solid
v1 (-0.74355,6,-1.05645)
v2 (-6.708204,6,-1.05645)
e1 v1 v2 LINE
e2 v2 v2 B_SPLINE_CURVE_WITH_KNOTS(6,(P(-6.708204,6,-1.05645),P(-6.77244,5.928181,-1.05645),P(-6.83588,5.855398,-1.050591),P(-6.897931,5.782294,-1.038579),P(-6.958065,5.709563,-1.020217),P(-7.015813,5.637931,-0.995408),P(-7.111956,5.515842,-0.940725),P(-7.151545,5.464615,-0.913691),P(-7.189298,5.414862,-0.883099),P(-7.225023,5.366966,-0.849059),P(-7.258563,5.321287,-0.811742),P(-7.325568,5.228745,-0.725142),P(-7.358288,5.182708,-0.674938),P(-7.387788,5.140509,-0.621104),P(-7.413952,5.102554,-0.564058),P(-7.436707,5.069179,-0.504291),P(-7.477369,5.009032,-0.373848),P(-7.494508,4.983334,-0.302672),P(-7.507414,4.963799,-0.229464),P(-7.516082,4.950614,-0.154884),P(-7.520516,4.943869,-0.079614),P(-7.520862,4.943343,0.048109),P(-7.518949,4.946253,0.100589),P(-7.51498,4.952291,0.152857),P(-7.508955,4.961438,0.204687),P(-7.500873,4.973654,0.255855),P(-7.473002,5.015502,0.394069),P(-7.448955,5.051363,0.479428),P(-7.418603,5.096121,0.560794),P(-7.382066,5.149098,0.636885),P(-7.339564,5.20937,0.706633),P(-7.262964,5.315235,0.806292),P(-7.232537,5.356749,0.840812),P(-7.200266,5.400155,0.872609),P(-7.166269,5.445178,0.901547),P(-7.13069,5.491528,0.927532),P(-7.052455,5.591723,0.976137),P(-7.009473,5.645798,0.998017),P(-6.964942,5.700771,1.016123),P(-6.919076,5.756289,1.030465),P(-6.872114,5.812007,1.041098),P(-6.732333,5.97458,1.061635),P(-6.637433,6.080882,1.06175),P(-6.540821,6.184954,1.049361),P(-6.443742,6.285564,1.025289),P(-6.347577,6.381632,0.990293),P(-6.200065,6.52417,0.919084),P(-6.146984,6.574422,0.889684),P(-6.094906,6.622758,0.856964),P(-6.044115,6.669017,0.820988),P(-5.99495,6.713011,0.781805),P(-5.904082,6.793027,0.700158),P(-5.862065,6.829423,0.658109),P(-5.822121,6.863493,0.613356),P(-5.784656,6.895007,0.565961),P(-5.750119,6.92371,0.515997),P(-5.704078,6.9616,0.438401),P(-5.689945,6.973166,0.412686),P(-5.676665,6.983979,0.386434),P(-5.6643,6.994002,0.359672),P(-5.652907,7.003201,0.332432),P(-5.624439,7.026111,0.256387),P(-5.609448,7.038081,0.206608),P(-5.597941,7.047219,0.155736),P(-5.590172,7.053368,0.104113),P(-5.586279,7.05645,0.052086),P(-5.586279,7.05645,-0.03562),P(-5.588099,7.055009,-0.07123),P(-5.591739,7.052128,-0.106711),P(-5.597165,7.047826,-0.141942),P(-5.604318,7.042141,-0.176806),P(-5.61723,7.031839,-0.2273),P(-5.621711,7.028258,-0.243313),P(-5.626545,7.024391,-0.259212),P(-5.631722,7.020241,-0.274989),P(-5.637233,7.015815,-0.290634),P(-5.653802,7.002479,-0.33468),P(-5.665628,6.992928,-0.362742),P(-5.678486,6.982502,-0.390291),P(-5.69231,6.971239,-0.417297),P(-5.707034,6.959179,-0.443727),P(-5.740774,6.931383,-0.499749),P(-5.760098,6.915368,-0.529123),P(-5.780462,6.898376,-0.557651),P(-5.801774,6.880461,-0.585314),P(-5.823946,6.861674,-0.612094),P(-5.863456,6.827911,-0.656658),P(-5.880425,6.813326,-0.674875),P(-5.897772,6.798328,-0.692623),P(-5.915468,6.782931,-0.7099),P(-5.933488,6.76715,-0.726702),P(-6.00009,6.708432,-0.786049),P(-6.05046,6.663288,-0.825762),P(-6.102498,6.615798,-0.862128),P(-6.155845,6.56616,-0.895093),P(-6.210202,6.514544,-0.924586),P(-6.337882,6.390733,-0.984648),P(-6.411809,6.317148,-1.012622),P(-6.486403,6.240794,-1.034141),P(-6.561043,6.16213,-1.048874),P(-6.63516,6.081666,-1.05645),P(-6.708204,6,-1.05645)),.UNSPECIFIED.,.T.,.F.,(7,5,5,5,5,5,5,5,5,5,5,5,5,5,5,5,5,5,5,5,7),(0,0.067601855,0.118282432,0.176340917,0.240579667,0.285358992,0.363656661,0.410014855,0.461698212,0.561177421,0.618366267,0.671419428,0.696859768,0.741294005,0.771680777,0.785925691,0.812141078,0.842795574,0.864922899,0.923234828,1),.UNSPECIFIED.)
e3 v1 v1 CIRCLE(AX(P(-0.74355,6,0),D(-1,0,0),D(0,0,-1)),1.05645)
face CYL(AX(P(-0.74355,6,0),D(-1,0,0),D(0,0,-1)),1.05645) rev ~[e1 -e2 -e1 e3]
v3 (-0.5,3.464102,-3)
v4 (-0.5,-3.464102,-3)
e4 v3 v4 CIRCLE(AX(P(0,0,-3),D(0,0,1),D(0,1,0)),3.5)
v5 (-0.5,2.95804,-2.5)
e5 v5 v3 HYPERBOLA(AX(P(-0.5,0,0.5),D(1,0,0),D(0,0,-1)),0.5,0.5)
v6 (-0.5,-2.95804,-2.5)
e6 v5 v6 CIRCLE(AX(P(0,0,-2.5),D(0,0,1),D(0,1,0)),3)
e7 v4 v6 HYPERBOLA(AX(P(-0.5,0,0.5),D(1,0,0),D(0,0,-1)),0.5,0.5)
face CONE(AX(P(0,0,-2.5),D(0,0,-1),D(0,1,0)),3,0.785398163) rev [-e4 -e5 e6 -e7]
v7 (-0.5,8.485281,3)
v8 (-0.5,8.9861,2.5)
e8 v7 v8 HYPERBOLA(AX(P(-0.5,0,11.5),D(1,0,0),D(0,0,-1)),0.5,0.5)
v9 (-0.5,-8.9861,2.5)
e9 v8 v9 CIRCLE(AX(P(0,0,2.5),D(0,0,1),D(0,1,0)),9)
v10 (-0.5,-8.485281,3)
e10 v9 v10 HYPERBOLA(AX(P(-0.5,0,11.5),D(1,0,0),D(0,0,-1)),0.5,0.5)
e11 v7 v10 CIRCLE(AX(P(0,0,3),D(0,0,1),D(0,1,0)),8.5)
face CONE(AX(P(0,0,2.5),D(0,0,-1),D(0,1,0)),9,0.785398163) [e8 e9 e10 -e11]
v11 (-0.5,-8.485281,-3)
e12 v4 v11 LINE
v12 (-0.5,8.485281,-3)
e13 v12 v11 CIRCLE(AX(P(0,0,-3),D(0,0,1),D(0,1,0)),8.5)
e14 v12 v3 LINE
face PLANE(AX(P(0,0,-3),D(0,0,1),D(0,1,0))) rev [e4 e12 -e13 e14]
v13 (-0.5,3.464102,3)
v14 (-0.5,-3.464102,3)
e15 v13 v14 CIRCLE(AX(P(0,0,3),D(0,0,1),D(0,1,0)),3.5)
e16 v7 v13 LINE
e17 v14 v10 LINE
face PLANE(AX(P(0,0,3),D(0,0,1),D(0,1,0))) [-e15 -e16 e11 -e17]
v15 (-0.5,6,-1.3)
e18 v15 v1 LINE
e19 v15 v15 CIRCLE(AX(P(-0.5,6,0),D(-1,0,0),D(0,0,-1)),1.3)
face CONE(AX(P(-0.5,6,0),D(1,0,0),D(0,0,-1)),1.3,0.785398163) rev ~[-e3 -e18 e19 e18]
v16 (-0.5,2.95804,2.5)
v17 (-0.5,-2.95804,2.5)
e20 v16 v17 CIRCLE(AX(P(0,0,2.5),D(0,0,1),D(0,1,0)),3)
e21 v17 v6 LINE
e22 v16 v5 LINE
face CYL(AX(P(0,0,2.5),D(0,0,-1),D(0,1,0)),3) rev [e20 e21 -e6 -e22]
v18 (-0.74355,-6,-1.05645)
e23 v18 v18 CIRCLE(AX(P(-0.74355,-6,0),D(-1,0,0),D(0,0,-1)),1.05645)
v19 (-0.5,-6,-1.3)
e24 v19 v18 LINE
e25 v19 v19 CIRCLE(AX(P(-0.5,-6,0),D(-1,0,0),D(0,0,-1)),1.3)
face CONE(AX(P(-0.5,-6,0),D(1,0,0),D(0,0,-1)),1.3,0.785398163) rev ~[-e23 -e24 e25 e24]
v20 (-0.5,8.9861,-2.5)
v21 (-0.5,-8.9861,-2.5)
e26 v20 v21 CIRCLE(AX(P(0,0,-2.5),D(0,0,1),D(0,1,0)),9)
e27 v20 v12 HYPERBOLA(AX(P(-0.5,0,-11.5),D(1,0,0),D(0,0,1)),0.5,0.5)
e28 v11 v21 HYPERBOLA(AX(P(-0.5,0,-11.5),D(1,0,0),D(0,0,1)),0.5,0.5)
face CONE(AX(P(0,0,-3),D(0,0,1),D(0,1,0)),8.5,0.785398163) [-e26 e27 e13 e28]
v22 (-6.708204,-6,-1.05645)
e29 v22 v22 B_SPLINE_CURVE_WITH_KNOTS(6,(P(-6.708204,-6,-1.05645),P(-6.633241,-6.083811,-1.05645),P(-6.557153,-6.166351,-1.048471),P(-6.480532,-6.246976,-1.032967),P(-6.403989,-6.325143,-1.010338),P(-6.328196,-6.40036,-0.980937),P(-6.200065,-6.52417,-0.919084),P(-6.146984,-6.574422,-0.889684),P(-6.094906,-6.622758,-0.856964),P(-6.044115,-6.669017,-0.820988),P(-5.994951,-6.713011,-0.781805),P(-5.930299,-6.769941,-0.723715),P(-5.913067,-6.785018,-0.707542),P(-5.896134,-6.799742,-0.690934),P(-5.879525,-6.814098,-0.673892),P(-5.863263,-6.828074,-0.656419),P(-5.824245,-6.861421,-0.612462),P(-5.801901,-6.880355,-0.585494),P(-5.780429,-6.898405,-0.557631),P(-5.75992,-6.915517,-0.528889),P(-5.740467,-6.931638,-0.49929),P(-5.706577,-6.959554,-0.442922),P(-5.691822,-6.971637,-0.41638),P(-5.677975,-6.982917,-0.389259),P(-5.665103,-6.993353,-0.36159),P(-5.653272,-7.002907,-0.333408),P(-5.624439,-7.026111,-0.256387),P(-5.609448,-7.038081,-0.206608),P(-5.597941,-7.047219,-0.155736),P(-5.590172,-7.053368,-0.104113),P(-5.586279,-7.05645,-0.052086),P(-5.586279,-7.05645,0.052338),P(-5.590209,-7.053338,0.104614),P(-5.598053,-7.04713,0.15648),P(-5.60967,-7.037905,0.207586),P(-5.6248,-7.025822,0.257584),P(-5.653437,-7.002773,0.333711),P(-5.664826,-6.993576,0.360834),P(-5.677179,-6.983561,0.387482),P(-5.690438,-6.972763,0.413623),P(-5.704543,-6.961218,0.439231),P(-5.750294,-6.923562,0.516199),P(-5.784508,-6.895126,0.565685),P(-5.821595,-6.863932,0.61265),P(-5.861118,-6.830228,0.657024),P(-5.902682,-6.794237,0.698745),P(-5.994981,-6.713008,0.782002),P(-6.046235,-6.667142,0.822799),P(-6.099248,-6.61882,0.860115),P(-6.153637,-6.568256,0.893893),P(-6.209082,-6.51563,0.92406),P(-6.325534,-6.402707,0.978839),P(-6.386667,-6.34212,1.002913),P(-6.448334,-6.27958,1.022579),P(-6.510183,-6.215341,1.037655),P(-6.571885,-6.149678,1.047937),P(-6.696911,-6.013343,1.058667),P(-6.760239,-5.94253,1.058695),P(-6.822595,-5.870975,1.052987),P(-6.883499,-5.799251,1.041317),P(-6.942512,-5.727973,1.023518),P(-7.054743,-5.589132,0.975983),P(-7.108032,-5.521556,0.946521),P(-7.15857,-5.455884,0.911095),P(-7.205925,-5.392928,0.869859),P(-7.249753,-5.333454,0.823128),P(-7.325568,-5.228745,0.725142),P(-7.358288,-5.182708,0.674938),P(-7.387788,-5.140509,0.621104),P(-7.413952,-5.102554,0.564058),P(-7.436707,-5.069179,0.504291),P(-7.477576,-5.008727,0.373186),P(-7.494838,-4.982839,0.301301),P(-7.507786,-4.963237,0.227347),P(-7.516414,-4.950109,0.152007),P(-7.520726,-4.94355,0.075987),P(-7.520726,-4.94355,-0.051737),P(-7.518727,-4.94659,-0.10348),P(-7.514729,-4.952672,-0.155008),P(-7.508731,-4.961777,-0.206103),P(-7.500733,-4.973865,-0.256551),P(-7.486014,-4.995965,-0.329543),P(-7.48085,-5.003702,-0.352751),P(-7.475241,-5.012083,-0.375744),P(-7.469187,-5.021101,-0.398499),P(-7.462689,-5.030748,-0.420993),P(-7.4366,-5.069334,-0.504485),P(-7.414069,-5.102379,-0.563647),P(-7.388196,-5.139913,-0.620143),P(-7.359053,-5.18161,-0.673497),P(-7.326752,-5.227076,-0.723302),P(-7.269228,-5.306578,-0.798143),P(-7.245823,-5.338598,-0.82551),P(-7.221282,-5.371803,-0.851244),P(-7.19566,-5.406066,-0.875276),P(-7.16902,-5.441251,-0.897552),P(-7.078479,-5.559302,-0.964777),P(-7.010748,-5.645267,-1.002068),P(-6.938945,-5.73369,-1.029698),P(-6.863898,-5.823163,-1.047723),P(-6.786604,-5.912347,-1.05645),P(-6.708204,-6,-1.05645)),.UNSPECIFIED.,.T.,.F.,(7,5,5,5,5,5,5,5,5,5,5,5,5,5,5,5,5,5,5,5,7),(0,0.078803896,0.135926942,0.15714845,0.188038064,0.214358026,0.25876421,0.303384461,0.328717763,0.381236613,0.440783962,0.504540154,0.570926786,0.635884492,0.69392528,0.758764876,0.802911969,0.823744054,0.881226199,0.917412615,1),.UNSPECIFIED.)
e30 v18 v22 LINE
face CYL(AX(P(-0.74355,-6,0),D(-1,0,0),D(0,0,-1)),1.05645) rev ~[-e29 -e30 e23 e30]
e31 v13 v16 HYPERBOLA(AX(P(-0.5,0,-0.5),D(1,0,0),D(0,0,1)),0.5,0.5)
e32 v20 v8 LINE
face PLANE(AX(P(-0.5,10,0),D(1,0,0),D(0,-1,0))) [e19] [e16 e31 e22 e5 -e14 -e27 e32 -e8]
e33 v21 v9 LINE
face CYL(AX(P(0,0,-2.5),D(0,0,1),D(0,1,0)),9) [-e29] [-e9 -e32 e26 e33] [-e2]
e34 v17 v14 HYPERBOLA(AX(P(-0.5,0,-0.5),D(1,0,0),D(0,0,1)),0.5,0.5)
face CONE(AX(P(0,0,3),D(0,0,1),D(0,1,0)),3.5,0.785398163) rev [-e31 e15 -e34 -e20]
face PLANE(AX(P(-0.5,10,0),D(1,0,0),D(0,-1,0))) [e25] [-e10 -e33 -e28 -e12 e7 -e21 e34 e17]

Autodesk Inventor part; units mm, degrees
sketch "Sketch_1" plane through (0, 0, 0) normal (1, 0, 0) x (0, 1, 0)
  line L0 (0, -3) -> (0, 3)
  line L1 (8.5, 3) -> (3.5, 3)
  line L2 (3.5, 3) -> (3, 2.5)
  line L3 (3, 2.5) -> (3, -2.5)
  line L4 (3, -2.5) -> (3.5, -3)
  line L5 (3.5, -3) -> (8.5, -3)
  line L6 (8.5, -3) -> (9, -2.5)
  line L7 (9, -2.5) -> (9, 2.5)
  line L8 (9, 2.5) -> (8.5, 3)
revolve "Revolution1" add sketch "Sketch_1" angle 180 about axis through (0, 0, -3) along (0, 0, 1)
sketch "Sketch_2" plane through (0, 0, 0) normal (0, 0, 1) x (1, 0, 0)
  line L0 (-0.5, -10) -> (0.5, -10)
  line L1 (0.5, -10) -> (0.5, 10)
  line L2 (0.5, 10) -> (-0.5, 10)
  line L3 (-0.5, 10) -> (-0.5, -10)
extrude "Extrusion1" cut sketch "Sketch_2" along normal mid plane 6
sketch "Sketch3" plane through (-0.5, -8.4853, -3) normal (1, 0, 0) x (0, 0, -1)
  point P0 (-3, 2.4853)
hole "Hole1" at (-0.5, -6, 0) direction (-1, 0, 0) diameter 2.1129 depth 9 countersink diameter 2.6 countersink angle 90 thread size "M2.6x0.45" class "6H" standard "ISO Metric profile"
sketch "Sketch4" plane through (-0.5, 3.4641, 3) normal (1, 0, 0) x (0, 0, -1)
  point P0 (3, 2.5359)
hole "Hole2" at (-0.5, 6, 0) direction (-1, 0, 0) diameter 2.1129 depth 9 countersink diameter 2.6 countersink angle 90 thread size "M2.6x0.45" class "6H" standard "ISO Metric profile"
ref_plane "2_1_XY" through (0, 0, 0) normal (1, 0, 0) x (0, 0, -1)
ref_plane "2_1_YZ" through (0, 0, 0) normal (0, 0, -1) x (0, 1, 0)
ref_plane "2_1_ZX" through (0, 0, 0) normal (0, 1, 0) x (1, 0, 0)
properties part number "PSCSPJ6-6p"
